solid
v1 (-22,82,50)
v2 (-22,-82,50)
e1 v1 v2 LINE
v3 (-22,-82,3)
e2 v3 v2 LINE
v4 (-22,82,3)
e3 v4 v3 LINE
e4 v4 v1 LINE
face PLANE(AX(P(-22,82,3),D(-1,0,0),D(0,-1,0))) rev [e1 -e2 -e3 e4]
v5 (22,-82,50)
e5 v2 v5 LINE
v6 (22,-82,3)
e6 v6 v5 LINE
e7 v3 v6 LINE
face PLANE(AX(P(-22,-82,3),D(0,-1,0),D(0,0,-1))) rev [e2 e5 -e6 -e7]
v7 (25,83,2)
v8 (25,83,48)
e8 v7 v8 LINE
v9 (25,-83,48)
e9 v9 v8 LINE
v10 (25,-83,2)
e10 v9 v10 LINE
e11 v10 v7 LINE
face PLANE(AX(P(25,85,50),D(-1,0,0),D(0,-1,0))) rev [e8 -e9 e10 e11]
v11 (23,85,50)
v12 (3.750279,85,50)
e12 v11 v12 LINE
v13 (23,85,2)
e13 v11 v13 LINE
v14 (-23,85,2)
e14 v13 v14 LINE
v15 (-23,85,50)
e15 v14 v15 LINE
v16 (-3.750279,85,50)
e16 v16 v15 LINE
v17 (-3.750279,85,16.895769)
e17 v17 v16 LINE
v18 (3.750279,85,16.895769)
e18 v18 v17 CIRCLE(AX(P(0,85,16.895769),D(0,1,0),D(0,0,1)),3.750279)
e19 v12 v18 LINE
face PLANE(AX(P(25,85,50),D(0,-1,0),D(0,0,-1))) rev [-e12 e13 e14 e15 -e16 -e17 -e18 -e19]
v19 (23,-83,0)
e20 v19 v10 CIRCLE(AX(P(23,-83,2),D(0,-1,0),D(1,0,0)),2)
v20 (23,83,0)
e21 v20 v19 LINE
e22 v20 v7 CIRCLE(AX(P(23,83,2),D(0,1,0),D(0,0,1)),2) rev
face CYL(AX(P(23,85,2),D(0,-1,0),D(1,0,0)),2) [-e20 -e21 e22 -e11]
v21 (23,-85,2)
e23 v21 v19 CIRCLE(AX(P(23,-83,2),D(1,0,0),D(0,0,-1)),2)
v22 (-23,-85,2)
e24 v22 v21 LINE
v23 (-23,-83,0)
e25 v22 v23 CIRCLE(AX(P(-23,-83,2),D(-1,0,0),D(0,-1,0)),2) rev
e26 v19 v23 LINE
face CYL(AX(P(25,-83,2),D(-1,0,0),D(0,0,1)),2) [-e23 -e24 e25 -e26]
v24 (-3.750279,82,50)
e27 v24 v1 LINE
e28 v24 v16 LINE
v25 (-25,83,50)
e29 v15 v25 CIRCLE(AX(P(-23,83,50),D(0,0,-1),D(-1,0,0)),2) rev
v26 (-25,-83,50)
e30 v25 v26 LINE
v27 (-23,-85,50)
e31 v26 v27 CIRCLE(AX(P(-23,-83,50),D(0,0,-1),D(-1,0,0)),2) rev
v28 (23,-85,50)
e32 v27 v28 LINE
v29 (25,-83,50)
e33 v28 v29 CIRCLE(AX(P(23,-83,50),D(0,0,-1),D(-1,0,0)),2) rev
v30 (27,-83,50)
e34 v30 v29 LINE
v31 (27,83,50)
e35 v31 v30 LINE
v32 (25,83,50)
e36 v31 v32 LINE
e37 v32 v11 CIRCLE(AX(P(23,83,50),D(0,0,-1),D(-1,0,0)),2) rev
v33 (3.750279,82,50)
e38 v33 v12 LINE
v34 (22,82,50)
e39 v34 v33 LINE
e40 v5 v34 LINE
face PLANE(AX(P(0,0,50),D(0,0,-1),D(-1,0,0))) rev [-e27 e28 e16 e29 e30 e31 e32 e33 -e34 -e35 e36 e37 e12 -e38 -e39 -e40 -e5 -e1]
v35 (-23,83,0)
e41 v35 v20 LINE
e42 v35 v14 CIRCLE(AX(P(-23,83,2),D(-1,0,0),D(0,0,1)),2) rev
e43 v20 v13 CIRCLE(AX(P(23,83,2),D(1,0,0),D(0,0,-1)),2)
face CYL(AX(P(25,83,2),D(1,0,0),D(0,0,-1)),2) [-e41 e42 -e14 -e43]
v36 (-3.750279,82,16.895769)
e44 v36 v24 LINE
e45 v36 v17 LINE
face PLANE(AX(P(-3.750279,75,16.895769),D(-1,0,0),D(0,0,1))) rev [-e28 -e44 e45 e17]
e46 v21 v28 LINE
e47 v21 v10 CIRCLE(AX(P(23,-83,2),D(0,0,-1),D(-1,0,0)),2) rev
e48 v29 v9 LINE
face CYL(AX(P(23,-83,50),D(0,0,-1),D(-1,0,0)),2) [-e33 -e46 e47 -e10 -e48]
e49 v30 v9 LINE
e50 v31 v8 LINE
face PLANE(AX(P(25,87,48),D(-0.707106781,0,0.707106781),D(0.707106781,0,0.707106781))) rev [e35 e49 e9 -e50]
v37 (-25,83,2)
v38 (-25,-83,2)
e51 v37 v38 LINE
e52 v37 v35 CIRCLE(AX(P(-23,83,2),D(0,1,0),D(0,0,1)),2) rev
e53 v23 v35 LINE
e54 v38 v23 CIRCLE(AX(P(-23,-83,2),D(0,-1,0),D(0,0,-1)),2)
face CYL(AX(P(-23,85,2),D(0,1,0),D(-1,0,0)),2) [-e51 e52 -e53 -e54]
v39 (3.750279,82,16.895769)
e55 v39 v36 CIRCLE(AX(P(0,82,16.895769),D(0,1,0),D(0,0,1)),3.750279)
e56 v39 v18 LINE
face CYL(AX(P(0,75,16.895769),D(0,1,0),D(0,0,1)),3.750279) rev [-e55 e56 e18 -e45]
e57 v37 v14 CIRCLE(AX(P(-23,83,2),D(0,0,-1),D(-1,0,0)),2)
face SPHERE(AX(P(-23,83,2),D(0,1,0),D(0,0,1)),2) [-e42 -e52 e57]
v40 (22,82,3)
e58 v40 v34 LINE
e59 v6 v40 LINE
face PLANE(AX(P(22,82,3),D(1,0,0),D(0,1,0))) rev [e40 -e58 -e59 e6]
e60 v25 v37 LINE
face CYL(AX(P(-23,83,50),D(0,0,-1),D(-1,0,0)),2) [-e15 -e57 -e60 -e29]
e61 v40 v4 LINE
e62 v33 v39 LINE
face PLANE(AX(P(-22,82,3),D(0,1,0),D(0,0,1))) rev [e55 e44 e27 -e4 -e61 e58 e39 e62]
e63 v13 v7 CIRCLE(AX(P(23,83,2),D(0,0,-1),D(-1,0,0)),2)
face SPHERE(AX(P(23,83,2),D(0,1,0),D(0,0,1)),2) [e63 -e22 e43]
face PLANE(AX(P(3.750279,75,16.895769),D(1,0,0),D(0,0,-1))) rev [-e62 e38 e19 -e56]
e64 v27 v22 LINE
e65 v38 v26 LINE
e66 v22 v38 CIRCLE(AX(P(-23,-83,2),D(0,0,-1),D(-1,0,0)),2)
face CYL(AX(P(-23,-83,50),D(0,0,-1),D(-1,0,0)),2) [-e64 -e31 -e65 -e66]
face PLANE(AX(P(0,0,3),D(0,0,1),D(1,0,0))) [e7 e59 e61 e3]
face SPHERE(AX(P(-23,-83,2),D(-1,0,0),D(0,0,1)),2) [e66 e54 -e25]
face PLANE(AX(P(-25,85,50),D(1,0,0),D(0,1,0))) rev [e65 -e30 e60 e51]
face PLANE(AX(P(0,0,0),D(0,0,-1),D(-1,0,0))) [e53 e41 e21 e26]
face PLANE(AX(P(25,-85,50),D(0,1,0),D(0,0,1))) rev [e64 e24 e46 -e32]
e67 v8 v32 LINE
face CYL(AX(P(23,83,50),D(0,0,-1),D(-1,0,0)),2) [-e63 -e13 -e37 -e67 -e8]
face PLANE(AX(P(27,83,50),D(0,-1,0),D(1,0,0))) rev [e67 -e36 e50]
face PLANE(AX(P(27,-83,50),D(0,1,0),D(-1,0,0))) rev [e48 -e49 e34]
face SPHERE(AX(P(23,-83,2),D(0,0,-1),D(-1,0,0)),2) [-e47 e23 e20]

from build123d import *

# Parameters (mm, degrees)
SKETCH2_W           = 50
SKETCH2_H           = 170
BOSS_EXTRUDE1_DEPTH = 50
SKETCH3_W           = 44
SKETCH3_H           = 164
CUT_EXTRUDE1_DEPTH  = 47
FILLET2_R           = 2
SKETCH4_W           = 2
SKETCH4_H           = 166
BOSS_EXTRUDE2_DEPTH = 2
CUT_EXTRUDE2_DEPTH  = 170
CUT_EXTRUDE5_DEPTH  = 10


with BuildPart() as part:
    # Sketch2 → Boss-Extrude1 (new body)
    with BuildSketch(Plane.XY):
        Rectangle(SKETCH2_W, SKETCH2_H)
    extrude(amount=BOSS_EXTRUDE1_DEPTH)

    # Sketch3 → Cut-Extrude1 (cut)
    with BuildSketch(Plane.XY.offset(50)):
        Rectangle(SKETCH3_W, SKETCH3_H)
    extrude(amount=-CUT_EXTRUDE1_DEPTH, mode=Mode.SUBTRACT)

    # Fillet2
    fillet2_edges = [part.edges().sort_by_distance(p)[0] for p in [
        (0, 85, 0),
        (25, 0, 0),
        (0, -85, 0),
        (-25, 0, 0),
        (-25, 85, 25),
        (25, 85, 25),
        (25, -85, 25),
        (-25, -85, 25),
    ]]
    fillet(fillet2_edges, radius=FILLET2_R)

    # Sketch4 → Boss-Extrude2 (add)
    with BuildSketch(Plane(origin=(25, 0, 0), x_dir=(0, 0, -1), z_dir=(1, 0, 0))):
        with Locations((-49, 0)):
            Rectangle(SKETCH4_W, SKETCH4_H)
    extrude(amount=BOSS_EXTRUDE2_DEPTH)

    # Sketch5 → Cut-Extrude2 (cut)
    with BuildSketch(Plane.XZ.offset(83)):
        Polygon((25, 48), (27, 50), (27, 48), align=None)
    extrude(amount=-CUT_EXTRUDE2_DEPTH, mode=Mode.SUBTRACT)

    # Sketch9 → Cut-Extrude5 (cut)
    with BuildSketch(Plane(origin=(0, 85, 0), x_dir=(1, 0, 0), z_dir=(0, 1, 0))):
        with BuildLine():
            Line((3.750279021, -16.895768884), (3.750279021, -50))
            ThreePointArc((3.750279021, -50), (0, -53.750279021), (-3.750279021, -50))
            Line((-3.750279021, -50), (-3.750279021, -16.895768884))
            ThreePointArc((-3.750279021, -16.895768884), (0, -13.145489863), (3.750279021, -16.895768884))
        make_face()
    extrude(amount=-CUT_EXTRUDE5_DEPTH, mode=Mode.SUBTRACT)


solid = part.part
